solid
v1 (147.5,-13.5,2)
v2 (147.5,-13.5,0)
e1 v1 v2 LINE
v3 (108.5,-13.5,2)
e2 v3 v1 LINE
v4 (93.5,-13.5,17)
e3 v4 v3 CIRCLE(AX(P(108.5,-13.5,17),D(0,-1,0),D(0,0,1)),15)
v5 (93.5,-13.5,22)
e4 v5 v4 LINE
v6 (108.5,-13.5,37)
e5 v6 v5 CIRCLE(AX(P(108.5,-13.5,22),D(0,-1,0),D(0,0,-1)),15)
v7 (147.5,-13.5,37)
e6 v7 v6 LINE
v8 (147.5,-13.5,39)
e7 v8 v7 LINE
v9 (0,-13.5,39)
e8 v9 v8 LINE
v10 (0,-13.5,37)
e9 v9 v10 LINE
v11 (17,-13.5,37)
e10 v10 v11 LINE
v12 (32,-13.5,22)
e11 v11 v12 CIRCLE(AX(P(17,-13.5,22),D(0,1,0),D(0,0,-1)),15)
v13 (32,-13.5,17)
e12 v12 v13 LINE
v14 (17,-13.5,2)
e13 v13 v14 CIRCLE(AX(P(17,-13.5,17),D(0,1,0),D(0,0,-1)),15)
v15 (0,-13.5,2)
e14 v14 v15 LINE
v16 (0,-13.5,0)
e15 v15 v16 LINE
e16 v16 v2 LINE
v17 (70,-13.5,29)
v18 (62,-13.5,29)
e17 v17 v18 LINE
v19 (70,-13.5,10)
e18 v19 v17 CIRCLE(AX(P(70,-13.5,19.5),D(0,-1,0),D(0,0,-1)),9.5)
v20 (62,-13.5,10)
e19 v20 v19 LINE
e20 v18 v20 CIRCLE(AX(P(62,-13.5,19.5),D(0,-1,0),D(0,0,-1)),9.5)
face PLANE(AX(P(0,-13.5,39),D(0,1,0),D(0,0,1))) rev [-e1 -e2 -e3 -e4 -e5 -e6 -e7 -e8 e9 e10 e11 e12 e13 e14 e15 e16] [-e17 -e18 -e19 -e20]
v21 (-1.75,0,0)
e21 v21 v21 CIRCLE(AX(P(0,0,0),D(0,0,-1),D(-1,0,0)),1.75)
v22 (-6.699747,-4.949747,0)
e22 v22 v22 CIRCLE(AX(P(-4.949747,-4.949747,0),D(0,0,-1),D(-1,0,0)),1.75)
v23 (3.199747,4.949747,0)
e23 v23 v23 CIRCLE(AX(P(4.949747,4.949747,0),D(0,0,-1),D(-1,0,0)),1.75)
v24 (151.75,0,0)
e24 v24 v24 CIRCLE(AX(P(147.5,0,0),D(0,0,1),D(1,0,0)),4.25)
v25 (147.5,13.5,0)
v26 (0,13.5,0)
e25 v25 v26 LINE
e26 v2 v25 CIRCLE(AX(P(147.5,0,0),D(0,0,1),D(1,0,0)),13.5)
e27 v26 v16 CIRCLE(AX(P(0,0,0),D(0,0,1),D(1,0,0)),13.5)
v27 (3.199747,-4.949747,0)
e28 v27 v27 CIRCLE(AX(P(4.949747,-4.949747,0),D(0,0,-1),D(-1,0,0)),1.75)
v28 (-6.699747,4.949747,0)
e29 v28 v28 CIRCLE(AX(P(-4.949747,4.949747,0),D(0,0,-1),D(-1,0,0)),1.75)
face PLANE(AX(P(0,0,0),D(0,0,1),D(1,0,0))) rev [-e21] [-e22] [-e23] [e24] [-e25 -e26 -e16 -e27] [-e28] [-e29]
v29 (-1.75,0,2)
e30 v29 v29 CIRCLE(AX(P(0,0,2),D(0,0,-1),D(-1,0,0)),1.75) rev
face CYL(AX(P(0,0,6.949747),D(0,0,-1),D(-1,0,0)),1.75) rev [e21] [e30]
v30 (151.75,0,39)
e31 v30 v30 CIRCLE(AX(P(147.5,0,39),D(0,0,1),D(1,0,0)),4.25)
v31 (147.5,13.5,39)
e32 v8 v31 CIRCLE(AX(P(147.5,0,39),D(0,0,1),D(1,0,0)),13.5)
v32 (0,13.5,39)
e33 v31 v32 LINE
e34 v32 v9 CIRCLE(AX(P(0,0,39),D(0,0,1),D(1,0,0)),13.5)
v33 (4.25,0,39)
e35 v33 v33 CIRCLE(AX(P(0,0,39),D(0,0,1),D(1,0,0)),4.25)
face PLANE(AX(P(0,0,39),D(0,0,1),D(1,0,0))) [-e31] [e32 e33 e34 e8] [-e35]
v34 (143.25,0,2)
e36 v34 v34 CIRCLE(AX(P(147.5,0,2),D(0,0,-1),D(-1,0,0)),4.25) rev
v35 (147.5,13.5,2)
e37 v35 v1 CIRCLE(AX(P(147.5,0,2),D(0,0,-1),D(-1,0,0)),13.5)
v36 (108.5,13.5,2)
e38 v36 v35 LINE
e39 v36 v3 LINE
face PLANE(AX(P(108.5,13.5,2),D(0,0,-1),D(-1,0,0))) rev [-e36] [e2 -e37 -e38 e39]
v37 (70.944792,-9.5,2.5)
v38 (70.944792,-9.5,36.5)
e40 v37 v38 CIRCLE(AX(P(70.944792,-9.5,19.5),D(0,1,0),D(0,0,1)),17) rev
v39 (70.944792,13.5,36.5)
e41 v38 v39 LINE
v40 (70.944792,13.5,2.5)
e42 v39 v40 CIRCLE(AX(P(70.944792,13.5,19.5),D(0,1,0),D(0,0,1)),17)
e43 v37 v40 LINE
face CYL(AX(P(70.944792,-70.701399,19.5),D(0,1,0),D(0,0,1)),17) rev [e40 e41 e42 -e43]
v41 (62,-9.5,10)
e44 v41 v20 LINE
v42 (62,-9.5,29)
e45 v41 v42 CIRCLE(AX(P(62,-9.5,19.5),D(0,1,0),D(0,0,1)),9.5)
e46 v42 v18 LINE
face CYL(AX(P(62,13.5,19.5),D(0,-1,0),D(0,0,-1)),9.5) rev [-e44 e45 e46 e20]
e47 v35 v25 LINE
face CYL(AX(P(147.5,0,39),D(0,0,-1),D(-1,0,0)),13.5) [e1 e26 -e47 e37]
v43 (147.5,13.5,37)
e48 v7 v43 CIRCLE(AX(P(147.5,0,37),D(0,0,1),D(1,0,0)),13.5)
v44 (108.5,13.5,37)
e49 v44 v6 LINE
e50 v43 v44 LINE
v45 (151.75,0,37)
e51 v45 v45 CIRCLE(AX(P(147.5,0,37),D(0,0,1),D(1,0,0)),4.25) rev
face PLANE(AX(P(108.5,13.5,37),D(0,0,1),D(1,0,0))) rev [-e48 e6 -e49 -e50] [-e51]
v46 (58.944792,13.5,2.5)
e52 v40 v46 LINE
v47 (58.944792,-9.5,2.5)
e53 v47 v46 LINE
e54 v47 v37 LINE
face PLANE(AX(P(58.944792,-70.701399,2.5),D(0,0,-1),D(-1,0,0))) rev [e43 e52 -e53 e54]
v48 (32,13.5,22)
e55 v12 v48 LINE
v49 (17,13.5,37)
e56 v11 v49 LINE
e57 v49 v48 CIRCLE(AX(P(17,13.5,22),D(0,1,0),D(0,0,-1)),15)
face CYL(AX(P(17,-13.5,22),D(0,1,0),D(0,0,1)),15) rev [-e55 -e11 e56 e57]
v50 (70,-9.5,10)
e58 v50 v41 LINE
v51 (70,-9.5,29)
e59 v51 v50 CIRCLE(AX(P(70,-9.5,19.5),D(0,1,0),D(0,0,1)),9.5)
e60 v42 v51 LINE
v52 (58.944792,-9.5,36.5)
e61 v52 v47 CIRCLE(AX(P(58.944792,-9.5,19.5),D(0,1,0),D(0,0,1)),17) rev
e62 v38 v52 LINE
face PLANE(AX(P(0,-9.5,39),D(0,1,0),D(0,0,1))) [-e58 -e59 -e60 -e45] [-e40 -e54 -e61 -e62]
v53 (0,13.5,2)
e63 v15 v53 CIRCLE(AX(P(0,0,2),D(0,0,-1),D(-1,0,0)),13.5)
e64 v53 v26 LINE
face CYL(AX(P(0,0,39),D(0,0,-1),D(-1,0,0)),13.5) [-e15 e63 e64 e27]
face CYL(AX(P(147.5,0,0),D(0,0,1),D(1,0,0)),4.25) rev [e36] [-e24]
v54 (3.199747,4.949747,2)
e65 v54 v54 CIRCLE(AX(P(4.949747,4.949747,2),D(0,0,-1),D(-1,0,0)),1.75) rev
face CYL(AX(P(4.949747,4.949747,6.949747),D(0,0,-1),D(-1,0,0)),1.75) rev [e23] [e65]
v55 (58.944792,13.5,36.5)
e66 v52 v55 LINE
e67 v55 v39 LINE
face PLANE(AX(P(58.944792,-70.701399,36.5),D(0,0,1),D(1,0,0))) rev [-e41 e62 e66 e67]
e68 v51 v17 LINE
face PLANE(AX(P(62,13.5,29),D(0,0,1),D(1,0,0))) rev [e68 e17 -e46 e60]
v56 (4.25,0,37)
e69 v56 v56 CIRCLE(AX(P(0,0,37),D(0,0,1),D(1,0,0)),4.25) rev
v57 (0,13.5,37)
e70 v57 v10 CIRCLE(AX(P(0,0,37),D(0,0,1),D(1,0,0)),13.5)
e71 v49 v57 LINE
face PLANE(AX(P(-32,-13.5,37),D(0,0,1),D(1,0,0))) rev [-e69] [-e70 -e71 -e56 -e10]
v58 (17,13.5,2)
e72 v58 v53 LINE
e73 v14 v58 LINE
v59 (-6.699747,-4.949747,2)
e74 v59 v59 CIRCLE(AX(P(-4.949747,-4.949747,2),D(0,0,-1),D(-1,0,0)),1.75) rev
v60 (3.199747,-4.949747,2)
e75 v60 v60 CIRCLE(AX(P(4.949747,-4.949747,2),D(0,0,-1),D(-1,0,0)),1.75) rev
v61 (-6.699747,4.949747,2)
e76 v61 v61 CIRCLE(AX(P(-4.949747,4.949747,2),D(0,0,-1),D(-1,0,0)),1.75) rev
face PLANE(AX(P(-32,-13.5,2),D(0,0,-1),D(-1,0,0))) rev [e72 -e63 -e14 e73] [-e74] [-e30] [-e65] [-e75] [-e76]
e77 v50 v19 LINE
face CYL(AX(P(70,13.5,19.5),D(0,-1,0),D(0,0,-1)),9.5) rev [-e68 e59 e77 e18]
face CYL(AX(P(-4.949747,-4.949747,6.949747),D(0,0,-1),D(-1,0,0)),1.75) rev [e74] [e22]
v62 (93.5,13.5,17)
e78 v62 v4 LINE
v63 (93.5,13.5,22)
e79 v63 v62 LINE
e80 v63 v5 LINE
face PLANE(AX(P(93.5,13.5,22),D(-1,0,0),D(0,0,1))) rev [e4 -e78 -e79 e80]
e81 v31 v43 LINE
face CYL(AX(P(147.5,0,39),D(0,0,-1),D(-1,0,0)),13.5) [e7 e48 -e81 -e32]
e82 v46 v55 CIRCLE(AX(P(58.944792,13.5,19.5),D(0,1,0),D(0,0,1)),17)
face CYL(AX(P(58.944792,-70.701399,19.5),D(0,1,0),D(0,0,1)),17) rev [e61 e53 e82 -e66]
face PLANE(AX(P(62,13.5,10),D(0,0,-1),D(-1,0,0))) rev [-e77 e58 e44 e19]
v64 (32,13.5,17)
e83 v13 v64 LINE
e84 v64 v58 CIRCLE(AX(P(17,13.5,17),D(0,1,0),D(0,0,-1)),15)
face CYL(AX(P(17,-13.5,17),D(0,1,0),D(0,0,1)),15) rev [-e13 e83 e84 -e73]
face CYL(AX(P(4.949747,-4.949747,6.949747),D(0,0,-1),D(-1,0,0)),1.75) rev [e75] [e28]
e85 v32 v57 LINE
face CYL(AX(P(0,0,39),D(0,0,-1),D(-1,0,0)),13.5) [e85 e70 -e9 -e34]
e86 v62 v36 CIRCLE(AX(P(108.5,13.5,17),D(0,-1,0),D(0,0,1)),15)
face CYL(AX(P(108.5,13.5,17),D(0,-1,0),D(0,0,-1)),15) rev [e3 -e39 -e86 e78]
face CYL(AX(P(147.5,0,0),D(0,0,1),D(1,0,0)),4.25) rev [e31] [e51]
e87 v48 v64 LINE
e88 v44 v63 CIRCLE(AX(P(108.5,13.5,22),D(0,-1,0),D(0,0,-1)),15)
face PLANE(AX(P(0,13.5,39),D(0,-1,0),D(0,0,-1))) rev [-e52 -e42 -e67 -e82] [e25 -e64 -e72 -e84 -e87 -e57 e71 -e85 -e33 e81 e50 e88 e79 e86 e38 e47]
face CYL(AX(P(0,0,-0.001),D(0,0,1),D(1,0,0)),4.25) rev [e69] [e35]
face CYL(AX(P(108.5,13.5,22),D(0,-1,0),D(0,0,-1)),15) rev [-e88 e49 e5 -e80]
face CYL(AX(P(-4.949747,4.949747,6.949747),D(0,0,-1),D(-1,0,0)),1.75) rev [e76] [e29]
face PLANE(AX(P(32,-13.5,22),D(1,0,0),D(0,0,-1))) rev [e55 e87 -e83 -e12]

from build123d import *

# Parameters (mm, degrees)
EXTRUDE_1_DEPTH      = 39
SKETCH_2_OUTSIDE_W   = 212.666
SKETCH_2_OUTSIDE_H   = 65.166
SKETCH_2_OUTSIDE_R   = 4.25
CUT_EXTRUDE_2_DEPTH  = 40
CUT_EXTRUDE_4_DEPTH  = 28
CUT_EXTRUDE_7_DEPTH  = 28
CUT_EXTRUDE_9_DEPTH  = 23
CUT_EXTRUDE_10_DEPTH = 28
SKETCH_17_R          = 1.75
CUT_EXTRUDE_13_DEPTH = 2
CUT_EXTRUDE_16_REACH = 41
SKETCH_21_R          = 4.25


with BuildPart() as part:
    # 草图1 → 凸台-拉伸1 (new body)
    with BuildSketch(Plane.XY):
        with BuildLine():
            Line((0, 13.5), (147.5, 13.5))
            ThreePointArc((147.5, 13.5), (161, 0), (147.5, -13.5))
            Line((147.5, -13.5), (0, -13.5))
            ThreePointArc((0, -13.5), (-13.5, 0), (0, 13.5))
        make_face()
    extrude(amount=EXTRUDE_1_DEPTH)

    # 草图2 outside → 切除-拉伸2 (cut, through all)
    with BuildSketch(Plane.XY.offset(39)):
        with Locations((73.75, 0)):
            Rectangle(SKETCH_2_OUTSIDE_W, SKETCH_2_OUTSIDE_H)
        with BuildLine():
            Line((0, -13.5), (147.5, -13.5))
            ThreePointArc((147.5, -13.5), (161, 0), (147.5, 13.5))
            Line((147.5, 13.5), (0, 13.5))
            ThreePointArc((0, 13.5), (-13.5, 0), (0, -13.5))
        make_face(mode=Mode.SUBTRACT)
        with Locations((147.5, 0)):
            Circle(SKETCH_2_OUTSIDE_R)
    extrude(amount=-CUT_EXTRUDE_2_DEPTH, mode=Mode.SUBTRACT)

    # 草图5 → 切除-拉伸4 (cut, through all)
    with BuildSketch(Plane(origin=(0, 13.5, 0), x_dir=(1, 0, 0), z_dir=(0, 1, 0))):
        with BuildLine():
            Line((-32, -37), (17, -37))
            ThreePointArc((17, -37), (27.606601718, -32.606601718), (32, -22))
            Line((32, -22), (32, -17))
            ThreePointArc((32, -17), (27.606601718, -6.393398282), (17, -2))
            Line((17, -2), (-32, -2))
            Line((-32, -2), (-32, -37))
        make_face()
    extrude(amount=-CUT_EXTRUDE_4_DEPTH, mode=Mode.SUBTRACT)

    # 草图11 → 切除-拉伸7 (cut, through all)
    with BuildSketch(Plane.XZ.offset(13.5)):
        with BuildLine():
            Line((108.5, 37), (201.5, 37))
            Line((201.5, 37), (201.5, 2))
            Line((201.5, 2), (108.5, 2))
            ThreePointArc((108.5, 2), (97.893398282, 6.393398282), (93.5, 17))
            Line((93.5, 17), (93.5, 22))
            ThreePointArc((93.5, 22), (97.893398282, 32.606601718), (108.5, 37))
        make_face()
    extrude(amount=-CUT_EXTRUDE_7_DEPTH, mode=Mode.SUBTRACT)

    # 草图14 → 切除-拉伸9 (cut)
    with BuildSketch(Plane(origin=(0, 13.5, 0), x_dir=(1, 0, 0), z_dir=(0, 1, 0))):
        with BuildLine():
            Line((58.944791853, -2.5), (70.944791853, -2.5))
            ThreePointArc((70.944791853, -2.5), (87.944791853, -19.5), (70.944791853, -36.5))
            Line((70.944791853, -36.5), (58.944791853, -36.5))
            ThreePointArc((58.944791853, -36.5), (41.944791853, -19.5), (58.944791853, -2.5))
        make_face()
    extrude(amount=-CUT_EXTRUDE_9_DEPTH, mode=Mode.SUBTRACT)

    # 草图16 → 切除-拉伸10 (cut, through all)
    with BuildSketch(Plane.XZ.offset(13.5)):
        with BuildLine():
            Line((62, 29), (70, 29))
            ThreePointArc((70, 29), (79.5, 19.5), (70, 10))
            Line((70, 10), (62, 10))
            ThreePointArc((62, 10), (52.5, 19.5), (62, 29))
        make_face()
    extrude(amount=-CUT_EXTRUDE_10_DEPTH, mode=Mode.SUBTRACT)

    # 草图17 → 切除-拉伸13 (cut)
    with BuildSketch(Plane(origin=(0, 0, 0), x_dir=(-1, 0, 0), z_dir=(0, 0, -1))):
        with Locations((-4.949747468, 4.949747468)):
            Circle(SKETCH_17_R)
        with Locations((4.949747468, 4.949747468)):
            Circle(SKETCH_17_R)
        with Locations((-4.949747468, -4.949747468)):
            Circle(SKETCH_17_R)
        with Locations((4.949747468, -4.949747468)):
            Circle(SKETCH_17_R)
        Circle(SKETCH_17_R)
    extrude(amount=-CUT_EXTRUDE_13_DEPTH, mode=Mode.SUBTRACT)

    # 草图21 → 切除-拉伸16 (cut, up to next)
    with BuildSketch(Plane.XY.offset(39), mode=Mode.PRIVATE) as cut_extrude_16_sk1:
        Circle(SKETCH_21_R)
    cut_extrude_16_tool1 = extrude(cut_extrude_16_sk1.sketch, amount=-CUT_EXTRUDE_16_REACH, mode=Mode.PRIVATE) & part.part
    add(cut_extrude_16_tool1.solids().sort_by_distance((0, 0, 39))[0], mode=Mode.SUBTRACT)


solid = part.part
